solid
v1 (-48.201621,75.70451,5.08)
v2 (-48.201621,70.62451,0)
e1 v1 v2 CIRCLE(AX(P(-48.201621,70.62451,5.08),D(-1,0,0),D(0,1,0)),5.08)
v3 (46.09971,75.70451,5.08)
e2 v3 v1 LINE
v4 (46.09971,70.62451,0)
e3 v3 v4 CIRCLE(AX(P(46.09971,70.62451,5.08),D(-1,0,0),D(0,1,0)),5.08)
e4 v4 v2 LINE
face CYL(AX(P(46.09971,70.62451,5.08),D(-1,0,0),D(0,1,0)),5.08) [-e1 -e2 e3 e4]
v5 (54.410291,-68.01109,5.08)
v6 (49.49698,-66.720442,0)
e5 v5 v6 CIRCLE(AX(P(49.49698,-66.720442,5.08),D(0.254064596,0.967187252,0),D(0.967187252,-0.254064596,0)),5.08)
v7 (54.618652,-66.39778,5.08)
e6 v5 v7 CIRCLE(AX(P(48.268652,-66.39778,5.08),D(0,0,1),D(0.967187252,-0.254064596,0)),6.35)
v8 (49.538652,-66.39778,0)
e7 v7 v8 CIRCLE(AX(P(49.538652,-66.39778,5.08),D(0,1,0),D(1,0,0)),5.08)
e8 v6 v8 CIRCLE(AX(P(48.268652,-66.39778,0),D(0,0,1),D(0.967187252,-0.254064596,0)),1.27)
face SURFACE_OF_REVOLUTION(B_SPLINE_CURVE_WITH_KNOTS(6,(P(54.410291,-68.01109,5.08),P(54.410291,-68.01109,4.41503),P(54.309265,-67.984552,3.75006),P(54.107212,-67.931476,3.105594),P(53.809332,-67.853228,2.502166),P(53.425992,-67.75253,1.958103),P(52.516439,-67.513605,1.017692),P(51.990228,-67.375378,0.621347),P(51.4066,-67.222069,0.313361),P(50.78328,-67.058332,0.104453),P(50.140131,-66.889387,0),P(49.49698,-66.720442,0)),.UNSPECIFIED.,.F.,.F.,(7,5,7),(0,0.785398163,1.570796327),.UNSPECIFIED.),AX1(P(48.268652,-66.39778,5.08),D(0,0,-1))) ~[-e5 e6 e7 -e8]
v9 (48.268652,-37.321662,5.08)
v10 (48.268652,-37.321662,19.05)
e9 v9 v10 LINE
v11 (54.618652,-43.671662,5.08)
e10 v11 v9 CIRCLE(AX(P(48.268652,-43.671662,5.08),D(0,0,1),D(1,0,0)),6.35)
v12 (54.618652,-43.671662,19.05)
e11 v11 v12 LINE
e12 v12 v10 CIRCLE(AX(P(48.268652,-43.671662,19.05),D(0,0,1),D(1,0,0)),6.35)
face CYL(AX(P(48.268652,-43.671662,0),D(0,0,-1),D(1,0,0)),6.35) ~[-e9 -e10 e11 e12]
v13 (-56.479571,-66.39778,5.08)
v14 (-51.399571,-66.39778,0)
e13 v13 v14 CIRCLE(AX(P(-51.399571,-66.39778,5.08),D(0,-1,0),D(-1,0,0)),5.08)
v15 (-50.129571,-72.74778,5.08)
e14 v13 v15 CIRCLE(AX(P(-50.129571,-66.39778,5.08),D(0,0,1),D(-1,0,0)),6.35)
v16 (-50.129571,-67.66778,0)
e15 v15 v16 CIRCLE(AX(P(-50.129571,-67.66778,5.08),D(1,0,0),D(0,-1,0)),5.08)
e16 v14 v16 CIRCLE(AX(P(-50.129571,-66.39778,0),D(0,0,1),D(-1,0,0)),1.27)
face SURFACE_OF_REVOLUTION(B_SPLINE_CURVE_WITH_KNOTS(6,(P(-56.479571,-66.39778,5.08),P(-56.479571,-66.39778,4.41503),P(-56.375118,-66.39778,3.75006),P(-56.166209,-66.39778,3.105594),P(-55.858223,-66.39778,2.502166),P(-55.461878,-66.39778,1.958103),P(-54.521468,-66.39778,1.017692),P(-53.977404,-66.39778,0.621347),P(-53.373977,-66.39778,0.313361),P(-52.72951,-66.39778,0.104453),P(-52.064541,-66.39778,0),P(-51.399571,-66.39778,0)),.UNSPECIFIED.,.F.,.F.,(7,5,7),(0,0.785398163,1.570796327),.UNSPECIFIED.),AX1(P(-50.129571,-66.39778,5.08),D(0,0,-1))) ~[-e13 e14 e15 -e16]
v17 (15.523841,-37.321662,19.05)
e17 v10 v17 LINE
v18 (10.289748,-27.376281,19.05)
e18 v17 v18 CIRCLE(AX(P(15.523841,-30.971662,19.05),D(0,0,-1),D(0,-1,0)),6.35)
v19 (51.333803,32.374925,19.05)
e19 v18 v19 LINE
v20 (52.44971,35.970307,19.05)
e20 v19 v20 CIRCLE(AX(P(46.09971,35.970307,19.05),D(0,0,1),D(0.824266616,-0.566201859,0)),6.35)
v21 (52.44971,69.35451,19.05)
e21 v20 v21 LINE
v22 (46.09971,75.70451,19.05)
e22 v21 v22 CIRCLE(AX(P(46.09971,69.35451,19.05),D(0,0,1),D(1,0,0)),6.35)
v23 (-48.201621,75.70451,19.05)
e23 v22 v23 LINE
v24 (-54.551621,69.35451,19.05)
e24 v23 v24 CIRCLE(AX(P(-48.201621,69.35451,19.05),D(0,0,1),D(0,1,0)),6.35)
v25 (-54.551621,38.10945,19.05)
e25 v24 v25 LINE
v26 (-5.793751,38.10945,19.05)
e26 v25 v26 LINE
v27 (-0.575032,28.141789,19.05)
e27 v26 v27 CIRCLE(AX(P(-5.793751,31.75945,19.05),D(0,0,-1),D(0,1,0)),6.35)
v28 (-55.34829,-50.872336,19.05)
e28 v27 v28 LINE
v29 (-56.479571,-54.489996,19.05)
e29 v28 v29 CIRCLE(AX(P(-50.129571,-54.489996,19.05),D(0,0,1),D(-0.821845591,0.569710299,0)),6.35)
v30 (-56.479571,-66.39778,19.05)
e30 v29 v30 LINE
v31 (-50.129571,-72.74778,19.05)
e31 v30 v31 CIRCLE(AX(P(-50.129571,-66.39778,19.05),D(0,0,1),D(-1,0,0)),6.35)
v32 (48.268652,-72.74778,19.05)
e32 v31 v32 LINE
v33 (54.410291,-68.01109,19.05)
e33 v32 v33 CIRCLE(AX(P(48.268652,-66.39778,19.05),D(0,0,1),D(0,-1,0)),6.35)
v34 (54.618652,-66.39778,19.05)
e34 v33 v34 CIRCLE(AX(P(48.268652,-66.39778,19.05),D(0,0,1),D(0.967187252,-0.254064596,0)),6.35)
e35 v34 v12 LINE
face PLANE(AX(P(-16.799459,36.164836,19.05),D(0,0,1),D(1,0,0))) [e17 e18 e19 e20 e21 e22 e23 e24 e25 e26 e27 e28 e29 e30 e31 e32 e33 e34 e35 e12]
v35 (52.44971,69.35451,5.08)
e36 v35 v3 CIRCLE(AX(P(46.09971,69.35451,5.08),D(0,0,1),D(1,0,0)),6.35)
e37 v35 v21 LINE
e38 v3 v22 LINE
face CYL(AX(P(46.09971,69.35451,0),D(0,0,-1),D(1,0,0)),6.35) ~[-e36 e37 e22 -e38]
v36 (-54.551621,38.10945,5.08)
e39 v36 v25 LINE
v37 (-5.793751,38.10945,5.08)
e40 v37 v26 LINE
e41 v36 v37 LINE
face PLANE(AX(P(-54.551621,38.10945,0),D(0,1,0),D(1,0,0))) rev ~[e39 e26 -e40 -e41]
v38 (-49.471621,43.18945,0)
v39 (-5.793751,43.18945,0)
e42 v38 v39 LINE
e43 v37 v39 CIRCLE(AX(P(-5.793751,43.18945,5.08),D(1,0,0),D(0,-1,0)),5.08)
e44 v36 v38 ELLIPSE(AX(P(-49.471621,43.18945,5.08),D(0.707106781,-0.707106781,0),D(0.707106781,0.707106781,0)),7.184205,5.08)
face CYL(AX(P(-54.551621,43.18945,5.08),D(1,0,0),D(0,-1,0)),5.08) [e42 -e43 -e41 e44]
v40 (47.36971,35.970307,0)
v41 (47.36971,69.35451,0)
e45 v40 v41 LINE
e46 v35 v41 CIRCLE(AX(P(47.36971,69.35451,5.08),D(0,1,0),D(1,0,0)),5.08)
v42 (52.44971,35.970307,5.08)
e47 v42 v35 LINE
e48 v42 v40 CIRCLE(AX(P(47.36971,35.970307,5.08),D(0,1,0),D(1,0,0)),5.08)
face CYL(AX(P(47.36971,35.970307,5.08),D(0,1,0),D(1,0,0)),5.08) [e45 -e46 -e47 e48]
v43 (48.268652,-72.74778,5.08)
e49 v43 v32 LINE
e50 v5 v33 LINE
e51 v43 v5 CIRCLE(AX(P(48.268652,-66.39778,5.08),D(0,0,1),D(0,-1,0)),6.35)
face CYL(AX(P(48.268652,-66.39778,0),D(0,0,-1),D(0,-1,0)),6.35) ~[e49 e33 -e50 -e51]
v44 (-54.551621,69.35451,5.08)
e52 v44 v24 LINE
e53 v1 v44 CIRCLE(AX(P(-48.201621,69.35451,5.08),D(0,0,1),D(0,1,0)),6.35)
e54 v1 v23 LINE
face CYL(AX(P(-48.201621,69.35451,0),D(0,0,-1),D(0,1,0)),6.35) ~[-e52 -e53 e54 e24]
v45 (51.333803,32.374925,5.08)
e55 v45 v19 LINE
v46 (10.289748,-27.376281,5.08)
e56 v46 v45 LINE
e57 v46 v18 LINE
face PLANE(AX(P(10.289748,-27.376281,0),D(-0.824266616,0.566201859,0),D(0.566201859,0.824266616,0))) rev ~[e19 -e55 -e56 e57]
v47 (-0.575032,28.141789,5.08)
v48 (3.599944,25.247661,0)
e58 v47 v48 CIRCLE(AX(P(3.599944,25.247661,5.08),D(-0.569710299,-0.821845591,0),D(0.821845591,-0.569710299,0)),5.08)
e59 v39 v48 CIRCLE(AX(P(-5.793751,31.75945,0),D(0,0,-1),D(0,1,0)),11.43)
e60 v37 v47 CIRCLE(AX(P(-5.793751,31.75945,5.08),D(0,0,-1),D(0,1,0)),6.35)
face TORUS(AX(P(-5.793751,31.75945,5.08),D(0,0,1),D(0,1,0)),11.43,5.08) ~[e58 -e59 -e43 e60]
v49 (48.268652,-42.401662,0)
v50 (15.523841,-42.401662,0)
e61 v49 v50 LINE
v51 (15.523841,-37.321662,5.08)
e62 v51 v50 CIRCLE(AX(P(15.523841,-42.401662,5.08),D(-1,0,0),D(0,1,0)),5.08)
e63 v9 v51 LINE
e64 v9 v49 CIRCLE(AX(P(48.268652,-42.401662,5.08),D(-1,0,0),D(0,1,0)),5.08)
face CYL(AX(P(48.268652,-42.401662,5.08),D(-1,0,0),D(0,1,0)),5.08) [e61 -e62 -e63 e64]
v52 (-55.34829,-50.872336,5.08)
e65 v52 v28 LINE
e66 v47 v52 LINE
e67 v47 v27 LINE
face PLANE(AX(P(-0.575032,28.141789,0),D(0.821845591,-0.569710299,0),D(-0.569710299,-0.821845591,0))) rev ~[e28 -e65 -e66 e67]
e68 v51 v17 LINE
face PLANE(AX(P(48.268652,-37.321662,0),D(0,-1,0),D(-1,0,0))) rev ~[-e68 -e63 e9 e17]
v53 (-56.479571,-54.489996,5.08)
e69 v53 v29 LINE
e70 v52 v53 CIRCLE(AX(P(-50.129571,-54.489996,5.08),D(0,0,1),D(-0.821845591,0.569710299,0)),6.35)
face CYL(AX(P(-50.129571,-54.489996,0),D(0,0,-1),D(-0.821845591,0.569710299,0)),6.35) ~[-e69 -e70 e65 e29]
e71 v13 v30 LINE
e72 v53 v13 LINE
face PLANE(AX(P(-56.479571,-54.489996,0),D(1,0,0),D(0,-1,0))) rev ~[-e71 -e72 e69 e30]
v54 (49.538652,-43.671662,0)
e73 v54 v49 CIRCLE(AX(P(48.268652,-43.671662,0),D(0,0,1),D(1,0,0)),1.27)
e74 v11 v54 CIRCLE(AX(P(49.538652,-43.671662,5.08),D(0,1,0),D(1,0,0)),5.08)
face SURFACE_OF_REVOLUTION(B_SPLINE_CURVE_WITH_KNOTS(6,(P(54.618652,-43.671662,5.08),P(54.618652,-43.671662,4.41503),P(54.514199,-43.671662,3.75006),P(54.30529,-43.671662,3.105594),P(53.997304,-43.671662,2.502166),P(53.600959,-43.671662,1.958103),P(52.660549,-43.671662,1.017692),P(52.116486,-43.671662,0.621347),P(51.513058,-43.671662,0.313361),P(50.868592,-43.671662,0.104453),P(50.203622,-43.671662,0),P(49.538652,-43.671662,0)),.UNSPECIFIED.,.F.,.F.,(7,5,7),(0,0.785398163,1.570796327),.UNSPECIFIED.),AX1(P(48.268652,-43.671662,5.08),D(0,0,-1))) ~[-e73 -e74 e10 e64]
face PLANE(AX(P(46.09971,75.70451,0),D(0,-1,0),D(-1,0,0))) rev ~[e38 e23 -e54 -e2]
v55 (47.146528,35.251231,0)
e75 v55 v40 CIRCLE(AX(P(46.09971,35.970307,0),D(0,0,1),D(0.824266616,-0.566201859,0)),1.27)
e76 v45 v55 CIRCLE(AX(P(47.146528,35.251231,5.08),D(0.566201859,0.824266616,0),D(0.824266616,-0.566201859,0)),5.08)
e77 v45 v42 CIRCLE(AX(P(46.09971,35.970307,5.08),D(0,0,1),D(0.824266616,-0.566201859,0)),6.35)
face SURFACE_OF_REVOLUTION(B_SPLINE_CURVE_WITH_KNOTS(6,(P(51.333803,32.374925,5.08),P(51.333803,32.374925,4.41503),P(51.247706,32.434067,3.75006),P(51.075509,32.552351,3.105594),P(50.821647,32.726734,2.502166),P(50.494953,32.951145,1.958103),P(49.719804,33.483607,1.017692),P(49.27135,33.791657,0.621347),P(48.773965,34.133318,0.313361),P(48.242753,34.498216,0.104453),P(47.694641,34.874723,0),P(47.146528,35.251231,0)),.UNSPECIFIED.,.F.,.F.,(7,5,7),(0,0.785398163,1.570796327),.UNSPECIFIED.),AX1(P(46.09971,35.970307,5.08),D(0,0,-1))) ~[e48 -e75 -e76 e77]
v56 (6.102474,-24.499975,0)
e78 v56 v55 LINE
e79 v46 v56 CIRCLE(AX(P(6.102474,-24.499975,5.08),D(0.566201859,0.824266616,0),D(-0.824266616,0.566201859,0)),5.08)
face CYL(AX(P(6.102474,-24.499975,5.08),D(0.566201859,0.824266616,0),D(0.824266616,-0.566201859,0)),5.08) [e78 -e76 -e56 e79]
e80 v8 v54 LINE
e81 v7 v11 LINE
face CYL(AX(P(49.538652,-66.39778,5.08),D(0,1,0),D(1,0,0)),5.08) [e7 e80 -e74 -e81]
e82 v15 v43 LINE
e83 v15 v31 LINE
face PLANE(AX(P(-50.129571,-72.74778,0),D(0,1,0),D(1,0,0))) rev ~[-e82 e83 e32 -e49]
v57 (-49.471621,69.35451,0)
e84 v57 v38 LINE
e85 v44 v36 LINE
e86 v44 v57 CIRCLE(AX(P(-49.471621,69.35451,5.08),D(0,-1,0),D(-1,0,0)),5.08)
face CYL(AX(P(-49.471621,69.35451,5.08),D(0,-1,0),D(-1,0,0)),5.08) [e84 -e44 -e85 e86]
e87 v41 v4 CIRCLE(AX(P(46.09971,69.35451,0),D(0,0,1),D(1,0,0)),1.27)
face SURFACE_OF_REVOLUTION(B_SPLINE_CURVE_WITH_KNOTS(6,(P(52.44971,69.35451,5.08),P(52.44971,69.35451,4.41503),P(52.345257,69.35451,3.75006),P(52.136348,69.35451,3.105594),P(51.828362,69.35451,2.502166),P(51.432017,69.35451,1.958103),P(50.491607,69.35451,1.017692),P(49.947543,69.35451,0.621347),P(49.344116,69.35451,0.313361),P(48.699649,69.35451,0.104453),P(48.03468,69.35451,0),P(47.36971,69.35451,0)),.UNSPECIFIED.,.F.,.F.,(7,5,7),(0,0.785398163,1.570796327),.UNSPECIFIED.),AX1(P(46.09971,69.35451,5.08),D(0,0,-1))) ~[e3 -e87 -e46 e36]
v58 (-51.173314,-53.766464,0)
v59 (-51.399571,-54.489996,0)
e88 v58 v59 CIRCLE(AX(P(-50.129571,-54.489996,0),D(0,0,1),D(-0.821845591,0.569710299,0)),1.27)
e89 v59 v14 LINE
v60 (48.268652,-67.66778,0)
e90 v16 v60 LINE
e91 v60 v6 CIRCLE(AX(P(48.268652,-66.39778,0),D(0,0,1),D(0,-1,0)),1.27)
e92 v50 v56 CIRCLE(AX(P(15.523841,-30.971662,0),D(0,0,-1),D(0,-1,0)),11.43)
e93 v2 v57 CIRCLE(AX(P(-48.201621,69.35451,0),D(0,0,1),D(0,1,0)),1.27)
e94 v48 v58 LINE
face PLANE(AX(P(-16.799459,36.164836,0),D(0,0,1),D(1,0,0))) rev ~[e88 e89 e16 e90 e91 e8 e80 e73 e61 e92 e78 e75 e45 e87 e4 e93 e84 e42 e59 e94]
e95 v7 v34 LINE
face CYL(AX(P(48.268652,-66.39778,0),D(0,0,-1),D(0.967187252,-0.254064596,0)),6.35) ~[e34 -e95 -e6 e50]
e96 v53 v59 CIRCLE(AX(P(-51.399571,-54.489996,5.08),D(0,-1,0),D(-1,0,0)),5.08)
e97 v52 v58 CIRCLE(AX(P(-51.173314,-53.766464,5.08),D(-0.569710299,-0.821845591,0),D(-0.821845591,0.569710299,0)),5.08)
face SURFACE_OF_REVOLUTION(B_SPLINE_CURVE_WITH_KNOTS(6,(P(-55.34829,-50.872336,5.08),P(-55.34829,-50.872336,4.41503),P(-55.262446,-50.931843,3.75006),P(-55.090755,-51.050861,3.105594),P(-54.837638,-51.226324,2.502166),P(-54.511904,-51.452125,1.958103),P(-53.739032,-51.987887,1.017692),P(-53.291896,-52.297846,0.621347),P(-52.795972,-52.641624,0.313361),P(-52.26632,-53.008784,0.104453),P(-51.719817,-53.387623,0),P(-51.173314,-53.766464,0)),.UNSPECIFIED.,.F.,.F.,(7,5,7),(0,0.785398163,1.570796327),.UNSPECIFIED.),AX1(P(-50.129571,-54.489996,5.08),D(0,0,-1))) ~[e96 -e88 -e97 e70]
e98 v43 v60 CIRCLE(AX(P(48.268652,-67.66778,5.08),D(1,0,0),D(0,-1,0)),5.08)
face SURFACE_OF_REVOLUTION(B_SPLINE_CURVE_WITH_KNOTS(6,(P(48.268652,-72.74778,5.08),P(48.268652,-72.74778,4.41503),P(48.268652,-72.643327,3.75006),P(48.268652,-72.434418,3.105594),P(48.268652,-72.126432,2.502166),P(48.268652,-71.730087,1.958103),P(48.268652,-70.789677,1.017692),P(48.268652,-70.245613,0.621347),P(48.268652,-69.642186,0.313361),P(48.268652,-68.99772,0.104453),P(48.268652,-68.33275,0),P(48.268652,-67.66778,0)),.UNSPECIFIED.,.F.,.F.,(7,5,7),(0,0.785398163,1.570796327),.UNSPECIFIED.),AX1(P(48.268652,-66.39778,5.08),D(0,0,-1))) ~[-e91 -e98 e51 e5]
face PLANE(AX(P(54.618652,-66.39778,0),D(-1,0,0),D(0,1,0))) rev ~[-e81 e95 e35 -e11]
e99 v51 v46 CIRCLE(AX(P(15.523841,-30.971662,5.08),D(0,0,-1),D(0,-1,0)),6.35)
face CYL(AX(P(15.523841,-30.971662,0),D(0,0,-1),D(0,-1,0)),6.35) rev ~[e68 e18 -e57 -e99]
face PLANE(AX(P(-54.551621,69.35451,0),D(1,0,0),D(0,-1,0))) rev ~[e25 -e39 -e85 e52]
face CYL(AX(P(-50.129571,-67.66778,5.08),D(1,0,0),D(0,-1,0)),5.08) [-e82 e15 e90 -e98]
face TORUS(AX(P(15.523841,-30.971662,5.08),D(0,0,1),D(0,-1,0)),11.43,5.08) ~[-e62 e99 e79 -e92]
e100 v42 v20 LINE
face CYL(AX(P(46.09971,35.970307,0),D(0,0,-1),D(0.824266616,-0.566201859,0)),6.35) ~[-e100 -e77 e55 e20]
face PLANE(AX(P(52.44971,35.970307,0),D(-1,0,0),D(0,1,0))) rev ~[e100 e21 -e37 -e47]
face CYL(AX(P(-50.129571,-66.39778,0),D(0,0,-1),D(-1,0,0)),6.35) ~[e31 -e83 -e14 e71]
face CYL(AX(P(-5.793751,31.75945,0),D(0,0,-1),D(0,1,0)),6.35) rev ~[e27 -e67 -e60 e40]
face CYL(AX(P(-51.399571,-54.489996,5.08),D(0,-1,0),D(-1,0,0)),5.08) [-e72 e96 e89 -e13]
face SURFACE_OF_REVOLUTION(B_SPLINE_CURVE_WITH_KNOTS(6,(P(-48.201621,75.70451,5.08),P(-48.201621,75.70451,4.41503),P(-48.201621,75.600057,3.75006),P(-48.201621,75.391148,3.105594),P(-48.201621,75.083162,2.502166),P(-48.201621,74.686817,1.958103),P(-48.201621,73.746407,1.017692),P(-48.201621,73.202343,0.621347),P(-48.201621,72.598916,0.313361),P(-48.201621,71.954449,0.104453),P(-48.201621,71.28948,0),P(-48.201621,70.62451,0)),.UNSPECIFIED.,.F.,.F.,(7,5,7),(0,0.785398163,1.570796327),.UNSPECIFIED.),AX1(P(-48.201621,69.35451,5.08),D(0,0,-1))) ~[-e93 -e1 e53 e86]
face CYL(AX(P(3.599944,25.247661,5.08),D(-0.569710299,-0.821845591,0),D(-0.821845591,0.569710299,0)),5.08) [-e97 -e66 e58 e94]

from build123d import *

# Parameters (mm, degrees)
F1_DEPTH = 19.05
F2_R     = 5.08


with BuildPart() as f1:
    # F0 (on Top) → F1 (new body)
    with BuildSketch(Plane.XY):
        with BuildLine():
            Line((14.9550589674, 50.2520292753), (-54.5516210822, 50.2520292753))
            Line((-54.5516210822, 50.2520292753), (-54.5516210822, 38.1094498451))
            Line((-54.5516210822, 38.1094498451), (-5.7937513614, 38.1094498451))
            ThreePointArc((-5.7937513614, 38.1094498451), (-0.1681561255, 34.7048153982), (-0.5750318579, 28.1417894487))
            Line((-0.5750318579, 28.1417894487), (-17.6851839396, 3.4592392383))
            Line((-17.6851839396, 3.4592392383), (14.9550589674, 50.2520292753))
        make_face()
        with BuildLine():
            ThreePointArc((-48.2016210822, 75.7045095678), (-52.6917491428, 73.8446376283), (-54.5516210822, 69.3545095678))
            Line((-54.5516210822, 69.3545095678), (-54.5516210822, 50.2520292753))
            Line((-54.5516210822, 50.2520292753), (14.9550589674, 50.2520292753))
            Line((14.9550589674, 50.2520292753), (-17.6851839396, 3.4592392383))
            Line((-17.6851839396, 3.4592392383), (-55.3482900739, -50.8723355951))
            ThreePointArc((-55.3482900739, -50.8723355951), (-56.1901550656, -52.5947874076), (-56.4795705704, -54.4899959914))
            Line((-56.4795705704, -54.4899959914), (-56.4795705704, -66.3977798347))
            ThreePointArc((-56.4795705704, -66.3977798347), (-54.6196986309, -70.8879078953), (-50.1295705704, -72.7477798347))
            Line((-50.1295705704, -72.7477798347), (48.2686518641, -72.7477798347))
            ThreePointArc((48.2686518641, -72.7477798347), (52.1466655513, -71.4260508936), (54.4102909159, -68.0110900211))
            Line((54.4102909159, -68.0110900211), (54.4102909159, -46.6400994718))
            Line((54.4102909159, -46.6400994718), (-18.9196563035, -46.6400994718))
            Line((-18.9196563035, -46.6400994718), (52.4497096213, 55.9125908699))
            Line((52.4497096213, 55.9125908699), (52.4497096213, 69.3545095678))
            ThreePointArc((52.4497096213, 69.3545095678), (50.5898376818, 73.8446376283), (46.0997096213, 75.7045095678))
            Line((46.0997096213, 75.7045095678), (-48.2016210822, 75.7045095678))
        make_face()
        with BuildLine():
            Line((52.4497096213, 35.9703072308), (52.4497096213, 55.9125908699))
            Line((52.4497096213, 55.9125908699), (-18.9196563035, -46.6400994718))
            Line((-18.9196563035, -46.6400994718), (54.4102909159, -46.6400994718))
            Line((54.4102909159, -46.6400994718), (54.4102909159, -68.0110900211))
            ThreePointArc((54.4102909159, -68.0110900211), (54.5663462033, -67.2111346224), (54.6186518641, -66.3977798347))
            Line((54.6186518641, -66.3977798347), (54.6186518641, -43.6716623549))
            ThreePointArc((54.6186518641, -43.6716623549), (52.7587799247, -39.1815342944), (48.2686518641, -37.3216623549))
            Line((48.2686518641, -37.3216623549), (15.5238411508, -37.3216623549))
            ThreePointArc((15.5238411508, -37.3216623549), (9.9045362797, -33.929011297), (10.2897481379, -27.3762805487))
            Line((10.2897481379, -27.3762805487), (51.3338026341, 32.3749254245))
            ThreePointArc((51.3338026341, 32.3749254245), (52.1643196925, 34.0880201421), (52.4497096213, 35.9703072308))
        make_face()
    extrude(amount=F1_DEPTH)

    # F2
    f2_edges = [f1.edges().sort_by_distance(p)[0] for p in [
        (-30.172686, 38.10945, 0),
        (-0.168156, 34.704815, 0),
        (-27.961661, -11.365273, 0),
        (-56.190155, -52.594787, 0),
        (-56.479571, -60.443888, 0),
        (-54.619699, -70.887908, 0),
        (-0.930459, -72.74778, 0),
        (52.75878, -70.887908, 0),
        (54.618652, -55.034721, 0),
        (52.75878, -39.181534, 0),
        (31.896247, -37.321662, 0),
        (9.904536, -33.929011, 0),
        (30.811775, 2.499322, 0),
        (52.16432, 34.08802, 0),
        (52.44971, 52.662408, 0),
        (50.589838, 73.844638, 0),
        (-1.050956, 75.70451, 0),
        (-52.691749, 73.844638, 0),
        (-54.551621, 53.73198, 0),
    ]]
    fillet(f2_edges, radius=F2_R)


solid = f1.part
